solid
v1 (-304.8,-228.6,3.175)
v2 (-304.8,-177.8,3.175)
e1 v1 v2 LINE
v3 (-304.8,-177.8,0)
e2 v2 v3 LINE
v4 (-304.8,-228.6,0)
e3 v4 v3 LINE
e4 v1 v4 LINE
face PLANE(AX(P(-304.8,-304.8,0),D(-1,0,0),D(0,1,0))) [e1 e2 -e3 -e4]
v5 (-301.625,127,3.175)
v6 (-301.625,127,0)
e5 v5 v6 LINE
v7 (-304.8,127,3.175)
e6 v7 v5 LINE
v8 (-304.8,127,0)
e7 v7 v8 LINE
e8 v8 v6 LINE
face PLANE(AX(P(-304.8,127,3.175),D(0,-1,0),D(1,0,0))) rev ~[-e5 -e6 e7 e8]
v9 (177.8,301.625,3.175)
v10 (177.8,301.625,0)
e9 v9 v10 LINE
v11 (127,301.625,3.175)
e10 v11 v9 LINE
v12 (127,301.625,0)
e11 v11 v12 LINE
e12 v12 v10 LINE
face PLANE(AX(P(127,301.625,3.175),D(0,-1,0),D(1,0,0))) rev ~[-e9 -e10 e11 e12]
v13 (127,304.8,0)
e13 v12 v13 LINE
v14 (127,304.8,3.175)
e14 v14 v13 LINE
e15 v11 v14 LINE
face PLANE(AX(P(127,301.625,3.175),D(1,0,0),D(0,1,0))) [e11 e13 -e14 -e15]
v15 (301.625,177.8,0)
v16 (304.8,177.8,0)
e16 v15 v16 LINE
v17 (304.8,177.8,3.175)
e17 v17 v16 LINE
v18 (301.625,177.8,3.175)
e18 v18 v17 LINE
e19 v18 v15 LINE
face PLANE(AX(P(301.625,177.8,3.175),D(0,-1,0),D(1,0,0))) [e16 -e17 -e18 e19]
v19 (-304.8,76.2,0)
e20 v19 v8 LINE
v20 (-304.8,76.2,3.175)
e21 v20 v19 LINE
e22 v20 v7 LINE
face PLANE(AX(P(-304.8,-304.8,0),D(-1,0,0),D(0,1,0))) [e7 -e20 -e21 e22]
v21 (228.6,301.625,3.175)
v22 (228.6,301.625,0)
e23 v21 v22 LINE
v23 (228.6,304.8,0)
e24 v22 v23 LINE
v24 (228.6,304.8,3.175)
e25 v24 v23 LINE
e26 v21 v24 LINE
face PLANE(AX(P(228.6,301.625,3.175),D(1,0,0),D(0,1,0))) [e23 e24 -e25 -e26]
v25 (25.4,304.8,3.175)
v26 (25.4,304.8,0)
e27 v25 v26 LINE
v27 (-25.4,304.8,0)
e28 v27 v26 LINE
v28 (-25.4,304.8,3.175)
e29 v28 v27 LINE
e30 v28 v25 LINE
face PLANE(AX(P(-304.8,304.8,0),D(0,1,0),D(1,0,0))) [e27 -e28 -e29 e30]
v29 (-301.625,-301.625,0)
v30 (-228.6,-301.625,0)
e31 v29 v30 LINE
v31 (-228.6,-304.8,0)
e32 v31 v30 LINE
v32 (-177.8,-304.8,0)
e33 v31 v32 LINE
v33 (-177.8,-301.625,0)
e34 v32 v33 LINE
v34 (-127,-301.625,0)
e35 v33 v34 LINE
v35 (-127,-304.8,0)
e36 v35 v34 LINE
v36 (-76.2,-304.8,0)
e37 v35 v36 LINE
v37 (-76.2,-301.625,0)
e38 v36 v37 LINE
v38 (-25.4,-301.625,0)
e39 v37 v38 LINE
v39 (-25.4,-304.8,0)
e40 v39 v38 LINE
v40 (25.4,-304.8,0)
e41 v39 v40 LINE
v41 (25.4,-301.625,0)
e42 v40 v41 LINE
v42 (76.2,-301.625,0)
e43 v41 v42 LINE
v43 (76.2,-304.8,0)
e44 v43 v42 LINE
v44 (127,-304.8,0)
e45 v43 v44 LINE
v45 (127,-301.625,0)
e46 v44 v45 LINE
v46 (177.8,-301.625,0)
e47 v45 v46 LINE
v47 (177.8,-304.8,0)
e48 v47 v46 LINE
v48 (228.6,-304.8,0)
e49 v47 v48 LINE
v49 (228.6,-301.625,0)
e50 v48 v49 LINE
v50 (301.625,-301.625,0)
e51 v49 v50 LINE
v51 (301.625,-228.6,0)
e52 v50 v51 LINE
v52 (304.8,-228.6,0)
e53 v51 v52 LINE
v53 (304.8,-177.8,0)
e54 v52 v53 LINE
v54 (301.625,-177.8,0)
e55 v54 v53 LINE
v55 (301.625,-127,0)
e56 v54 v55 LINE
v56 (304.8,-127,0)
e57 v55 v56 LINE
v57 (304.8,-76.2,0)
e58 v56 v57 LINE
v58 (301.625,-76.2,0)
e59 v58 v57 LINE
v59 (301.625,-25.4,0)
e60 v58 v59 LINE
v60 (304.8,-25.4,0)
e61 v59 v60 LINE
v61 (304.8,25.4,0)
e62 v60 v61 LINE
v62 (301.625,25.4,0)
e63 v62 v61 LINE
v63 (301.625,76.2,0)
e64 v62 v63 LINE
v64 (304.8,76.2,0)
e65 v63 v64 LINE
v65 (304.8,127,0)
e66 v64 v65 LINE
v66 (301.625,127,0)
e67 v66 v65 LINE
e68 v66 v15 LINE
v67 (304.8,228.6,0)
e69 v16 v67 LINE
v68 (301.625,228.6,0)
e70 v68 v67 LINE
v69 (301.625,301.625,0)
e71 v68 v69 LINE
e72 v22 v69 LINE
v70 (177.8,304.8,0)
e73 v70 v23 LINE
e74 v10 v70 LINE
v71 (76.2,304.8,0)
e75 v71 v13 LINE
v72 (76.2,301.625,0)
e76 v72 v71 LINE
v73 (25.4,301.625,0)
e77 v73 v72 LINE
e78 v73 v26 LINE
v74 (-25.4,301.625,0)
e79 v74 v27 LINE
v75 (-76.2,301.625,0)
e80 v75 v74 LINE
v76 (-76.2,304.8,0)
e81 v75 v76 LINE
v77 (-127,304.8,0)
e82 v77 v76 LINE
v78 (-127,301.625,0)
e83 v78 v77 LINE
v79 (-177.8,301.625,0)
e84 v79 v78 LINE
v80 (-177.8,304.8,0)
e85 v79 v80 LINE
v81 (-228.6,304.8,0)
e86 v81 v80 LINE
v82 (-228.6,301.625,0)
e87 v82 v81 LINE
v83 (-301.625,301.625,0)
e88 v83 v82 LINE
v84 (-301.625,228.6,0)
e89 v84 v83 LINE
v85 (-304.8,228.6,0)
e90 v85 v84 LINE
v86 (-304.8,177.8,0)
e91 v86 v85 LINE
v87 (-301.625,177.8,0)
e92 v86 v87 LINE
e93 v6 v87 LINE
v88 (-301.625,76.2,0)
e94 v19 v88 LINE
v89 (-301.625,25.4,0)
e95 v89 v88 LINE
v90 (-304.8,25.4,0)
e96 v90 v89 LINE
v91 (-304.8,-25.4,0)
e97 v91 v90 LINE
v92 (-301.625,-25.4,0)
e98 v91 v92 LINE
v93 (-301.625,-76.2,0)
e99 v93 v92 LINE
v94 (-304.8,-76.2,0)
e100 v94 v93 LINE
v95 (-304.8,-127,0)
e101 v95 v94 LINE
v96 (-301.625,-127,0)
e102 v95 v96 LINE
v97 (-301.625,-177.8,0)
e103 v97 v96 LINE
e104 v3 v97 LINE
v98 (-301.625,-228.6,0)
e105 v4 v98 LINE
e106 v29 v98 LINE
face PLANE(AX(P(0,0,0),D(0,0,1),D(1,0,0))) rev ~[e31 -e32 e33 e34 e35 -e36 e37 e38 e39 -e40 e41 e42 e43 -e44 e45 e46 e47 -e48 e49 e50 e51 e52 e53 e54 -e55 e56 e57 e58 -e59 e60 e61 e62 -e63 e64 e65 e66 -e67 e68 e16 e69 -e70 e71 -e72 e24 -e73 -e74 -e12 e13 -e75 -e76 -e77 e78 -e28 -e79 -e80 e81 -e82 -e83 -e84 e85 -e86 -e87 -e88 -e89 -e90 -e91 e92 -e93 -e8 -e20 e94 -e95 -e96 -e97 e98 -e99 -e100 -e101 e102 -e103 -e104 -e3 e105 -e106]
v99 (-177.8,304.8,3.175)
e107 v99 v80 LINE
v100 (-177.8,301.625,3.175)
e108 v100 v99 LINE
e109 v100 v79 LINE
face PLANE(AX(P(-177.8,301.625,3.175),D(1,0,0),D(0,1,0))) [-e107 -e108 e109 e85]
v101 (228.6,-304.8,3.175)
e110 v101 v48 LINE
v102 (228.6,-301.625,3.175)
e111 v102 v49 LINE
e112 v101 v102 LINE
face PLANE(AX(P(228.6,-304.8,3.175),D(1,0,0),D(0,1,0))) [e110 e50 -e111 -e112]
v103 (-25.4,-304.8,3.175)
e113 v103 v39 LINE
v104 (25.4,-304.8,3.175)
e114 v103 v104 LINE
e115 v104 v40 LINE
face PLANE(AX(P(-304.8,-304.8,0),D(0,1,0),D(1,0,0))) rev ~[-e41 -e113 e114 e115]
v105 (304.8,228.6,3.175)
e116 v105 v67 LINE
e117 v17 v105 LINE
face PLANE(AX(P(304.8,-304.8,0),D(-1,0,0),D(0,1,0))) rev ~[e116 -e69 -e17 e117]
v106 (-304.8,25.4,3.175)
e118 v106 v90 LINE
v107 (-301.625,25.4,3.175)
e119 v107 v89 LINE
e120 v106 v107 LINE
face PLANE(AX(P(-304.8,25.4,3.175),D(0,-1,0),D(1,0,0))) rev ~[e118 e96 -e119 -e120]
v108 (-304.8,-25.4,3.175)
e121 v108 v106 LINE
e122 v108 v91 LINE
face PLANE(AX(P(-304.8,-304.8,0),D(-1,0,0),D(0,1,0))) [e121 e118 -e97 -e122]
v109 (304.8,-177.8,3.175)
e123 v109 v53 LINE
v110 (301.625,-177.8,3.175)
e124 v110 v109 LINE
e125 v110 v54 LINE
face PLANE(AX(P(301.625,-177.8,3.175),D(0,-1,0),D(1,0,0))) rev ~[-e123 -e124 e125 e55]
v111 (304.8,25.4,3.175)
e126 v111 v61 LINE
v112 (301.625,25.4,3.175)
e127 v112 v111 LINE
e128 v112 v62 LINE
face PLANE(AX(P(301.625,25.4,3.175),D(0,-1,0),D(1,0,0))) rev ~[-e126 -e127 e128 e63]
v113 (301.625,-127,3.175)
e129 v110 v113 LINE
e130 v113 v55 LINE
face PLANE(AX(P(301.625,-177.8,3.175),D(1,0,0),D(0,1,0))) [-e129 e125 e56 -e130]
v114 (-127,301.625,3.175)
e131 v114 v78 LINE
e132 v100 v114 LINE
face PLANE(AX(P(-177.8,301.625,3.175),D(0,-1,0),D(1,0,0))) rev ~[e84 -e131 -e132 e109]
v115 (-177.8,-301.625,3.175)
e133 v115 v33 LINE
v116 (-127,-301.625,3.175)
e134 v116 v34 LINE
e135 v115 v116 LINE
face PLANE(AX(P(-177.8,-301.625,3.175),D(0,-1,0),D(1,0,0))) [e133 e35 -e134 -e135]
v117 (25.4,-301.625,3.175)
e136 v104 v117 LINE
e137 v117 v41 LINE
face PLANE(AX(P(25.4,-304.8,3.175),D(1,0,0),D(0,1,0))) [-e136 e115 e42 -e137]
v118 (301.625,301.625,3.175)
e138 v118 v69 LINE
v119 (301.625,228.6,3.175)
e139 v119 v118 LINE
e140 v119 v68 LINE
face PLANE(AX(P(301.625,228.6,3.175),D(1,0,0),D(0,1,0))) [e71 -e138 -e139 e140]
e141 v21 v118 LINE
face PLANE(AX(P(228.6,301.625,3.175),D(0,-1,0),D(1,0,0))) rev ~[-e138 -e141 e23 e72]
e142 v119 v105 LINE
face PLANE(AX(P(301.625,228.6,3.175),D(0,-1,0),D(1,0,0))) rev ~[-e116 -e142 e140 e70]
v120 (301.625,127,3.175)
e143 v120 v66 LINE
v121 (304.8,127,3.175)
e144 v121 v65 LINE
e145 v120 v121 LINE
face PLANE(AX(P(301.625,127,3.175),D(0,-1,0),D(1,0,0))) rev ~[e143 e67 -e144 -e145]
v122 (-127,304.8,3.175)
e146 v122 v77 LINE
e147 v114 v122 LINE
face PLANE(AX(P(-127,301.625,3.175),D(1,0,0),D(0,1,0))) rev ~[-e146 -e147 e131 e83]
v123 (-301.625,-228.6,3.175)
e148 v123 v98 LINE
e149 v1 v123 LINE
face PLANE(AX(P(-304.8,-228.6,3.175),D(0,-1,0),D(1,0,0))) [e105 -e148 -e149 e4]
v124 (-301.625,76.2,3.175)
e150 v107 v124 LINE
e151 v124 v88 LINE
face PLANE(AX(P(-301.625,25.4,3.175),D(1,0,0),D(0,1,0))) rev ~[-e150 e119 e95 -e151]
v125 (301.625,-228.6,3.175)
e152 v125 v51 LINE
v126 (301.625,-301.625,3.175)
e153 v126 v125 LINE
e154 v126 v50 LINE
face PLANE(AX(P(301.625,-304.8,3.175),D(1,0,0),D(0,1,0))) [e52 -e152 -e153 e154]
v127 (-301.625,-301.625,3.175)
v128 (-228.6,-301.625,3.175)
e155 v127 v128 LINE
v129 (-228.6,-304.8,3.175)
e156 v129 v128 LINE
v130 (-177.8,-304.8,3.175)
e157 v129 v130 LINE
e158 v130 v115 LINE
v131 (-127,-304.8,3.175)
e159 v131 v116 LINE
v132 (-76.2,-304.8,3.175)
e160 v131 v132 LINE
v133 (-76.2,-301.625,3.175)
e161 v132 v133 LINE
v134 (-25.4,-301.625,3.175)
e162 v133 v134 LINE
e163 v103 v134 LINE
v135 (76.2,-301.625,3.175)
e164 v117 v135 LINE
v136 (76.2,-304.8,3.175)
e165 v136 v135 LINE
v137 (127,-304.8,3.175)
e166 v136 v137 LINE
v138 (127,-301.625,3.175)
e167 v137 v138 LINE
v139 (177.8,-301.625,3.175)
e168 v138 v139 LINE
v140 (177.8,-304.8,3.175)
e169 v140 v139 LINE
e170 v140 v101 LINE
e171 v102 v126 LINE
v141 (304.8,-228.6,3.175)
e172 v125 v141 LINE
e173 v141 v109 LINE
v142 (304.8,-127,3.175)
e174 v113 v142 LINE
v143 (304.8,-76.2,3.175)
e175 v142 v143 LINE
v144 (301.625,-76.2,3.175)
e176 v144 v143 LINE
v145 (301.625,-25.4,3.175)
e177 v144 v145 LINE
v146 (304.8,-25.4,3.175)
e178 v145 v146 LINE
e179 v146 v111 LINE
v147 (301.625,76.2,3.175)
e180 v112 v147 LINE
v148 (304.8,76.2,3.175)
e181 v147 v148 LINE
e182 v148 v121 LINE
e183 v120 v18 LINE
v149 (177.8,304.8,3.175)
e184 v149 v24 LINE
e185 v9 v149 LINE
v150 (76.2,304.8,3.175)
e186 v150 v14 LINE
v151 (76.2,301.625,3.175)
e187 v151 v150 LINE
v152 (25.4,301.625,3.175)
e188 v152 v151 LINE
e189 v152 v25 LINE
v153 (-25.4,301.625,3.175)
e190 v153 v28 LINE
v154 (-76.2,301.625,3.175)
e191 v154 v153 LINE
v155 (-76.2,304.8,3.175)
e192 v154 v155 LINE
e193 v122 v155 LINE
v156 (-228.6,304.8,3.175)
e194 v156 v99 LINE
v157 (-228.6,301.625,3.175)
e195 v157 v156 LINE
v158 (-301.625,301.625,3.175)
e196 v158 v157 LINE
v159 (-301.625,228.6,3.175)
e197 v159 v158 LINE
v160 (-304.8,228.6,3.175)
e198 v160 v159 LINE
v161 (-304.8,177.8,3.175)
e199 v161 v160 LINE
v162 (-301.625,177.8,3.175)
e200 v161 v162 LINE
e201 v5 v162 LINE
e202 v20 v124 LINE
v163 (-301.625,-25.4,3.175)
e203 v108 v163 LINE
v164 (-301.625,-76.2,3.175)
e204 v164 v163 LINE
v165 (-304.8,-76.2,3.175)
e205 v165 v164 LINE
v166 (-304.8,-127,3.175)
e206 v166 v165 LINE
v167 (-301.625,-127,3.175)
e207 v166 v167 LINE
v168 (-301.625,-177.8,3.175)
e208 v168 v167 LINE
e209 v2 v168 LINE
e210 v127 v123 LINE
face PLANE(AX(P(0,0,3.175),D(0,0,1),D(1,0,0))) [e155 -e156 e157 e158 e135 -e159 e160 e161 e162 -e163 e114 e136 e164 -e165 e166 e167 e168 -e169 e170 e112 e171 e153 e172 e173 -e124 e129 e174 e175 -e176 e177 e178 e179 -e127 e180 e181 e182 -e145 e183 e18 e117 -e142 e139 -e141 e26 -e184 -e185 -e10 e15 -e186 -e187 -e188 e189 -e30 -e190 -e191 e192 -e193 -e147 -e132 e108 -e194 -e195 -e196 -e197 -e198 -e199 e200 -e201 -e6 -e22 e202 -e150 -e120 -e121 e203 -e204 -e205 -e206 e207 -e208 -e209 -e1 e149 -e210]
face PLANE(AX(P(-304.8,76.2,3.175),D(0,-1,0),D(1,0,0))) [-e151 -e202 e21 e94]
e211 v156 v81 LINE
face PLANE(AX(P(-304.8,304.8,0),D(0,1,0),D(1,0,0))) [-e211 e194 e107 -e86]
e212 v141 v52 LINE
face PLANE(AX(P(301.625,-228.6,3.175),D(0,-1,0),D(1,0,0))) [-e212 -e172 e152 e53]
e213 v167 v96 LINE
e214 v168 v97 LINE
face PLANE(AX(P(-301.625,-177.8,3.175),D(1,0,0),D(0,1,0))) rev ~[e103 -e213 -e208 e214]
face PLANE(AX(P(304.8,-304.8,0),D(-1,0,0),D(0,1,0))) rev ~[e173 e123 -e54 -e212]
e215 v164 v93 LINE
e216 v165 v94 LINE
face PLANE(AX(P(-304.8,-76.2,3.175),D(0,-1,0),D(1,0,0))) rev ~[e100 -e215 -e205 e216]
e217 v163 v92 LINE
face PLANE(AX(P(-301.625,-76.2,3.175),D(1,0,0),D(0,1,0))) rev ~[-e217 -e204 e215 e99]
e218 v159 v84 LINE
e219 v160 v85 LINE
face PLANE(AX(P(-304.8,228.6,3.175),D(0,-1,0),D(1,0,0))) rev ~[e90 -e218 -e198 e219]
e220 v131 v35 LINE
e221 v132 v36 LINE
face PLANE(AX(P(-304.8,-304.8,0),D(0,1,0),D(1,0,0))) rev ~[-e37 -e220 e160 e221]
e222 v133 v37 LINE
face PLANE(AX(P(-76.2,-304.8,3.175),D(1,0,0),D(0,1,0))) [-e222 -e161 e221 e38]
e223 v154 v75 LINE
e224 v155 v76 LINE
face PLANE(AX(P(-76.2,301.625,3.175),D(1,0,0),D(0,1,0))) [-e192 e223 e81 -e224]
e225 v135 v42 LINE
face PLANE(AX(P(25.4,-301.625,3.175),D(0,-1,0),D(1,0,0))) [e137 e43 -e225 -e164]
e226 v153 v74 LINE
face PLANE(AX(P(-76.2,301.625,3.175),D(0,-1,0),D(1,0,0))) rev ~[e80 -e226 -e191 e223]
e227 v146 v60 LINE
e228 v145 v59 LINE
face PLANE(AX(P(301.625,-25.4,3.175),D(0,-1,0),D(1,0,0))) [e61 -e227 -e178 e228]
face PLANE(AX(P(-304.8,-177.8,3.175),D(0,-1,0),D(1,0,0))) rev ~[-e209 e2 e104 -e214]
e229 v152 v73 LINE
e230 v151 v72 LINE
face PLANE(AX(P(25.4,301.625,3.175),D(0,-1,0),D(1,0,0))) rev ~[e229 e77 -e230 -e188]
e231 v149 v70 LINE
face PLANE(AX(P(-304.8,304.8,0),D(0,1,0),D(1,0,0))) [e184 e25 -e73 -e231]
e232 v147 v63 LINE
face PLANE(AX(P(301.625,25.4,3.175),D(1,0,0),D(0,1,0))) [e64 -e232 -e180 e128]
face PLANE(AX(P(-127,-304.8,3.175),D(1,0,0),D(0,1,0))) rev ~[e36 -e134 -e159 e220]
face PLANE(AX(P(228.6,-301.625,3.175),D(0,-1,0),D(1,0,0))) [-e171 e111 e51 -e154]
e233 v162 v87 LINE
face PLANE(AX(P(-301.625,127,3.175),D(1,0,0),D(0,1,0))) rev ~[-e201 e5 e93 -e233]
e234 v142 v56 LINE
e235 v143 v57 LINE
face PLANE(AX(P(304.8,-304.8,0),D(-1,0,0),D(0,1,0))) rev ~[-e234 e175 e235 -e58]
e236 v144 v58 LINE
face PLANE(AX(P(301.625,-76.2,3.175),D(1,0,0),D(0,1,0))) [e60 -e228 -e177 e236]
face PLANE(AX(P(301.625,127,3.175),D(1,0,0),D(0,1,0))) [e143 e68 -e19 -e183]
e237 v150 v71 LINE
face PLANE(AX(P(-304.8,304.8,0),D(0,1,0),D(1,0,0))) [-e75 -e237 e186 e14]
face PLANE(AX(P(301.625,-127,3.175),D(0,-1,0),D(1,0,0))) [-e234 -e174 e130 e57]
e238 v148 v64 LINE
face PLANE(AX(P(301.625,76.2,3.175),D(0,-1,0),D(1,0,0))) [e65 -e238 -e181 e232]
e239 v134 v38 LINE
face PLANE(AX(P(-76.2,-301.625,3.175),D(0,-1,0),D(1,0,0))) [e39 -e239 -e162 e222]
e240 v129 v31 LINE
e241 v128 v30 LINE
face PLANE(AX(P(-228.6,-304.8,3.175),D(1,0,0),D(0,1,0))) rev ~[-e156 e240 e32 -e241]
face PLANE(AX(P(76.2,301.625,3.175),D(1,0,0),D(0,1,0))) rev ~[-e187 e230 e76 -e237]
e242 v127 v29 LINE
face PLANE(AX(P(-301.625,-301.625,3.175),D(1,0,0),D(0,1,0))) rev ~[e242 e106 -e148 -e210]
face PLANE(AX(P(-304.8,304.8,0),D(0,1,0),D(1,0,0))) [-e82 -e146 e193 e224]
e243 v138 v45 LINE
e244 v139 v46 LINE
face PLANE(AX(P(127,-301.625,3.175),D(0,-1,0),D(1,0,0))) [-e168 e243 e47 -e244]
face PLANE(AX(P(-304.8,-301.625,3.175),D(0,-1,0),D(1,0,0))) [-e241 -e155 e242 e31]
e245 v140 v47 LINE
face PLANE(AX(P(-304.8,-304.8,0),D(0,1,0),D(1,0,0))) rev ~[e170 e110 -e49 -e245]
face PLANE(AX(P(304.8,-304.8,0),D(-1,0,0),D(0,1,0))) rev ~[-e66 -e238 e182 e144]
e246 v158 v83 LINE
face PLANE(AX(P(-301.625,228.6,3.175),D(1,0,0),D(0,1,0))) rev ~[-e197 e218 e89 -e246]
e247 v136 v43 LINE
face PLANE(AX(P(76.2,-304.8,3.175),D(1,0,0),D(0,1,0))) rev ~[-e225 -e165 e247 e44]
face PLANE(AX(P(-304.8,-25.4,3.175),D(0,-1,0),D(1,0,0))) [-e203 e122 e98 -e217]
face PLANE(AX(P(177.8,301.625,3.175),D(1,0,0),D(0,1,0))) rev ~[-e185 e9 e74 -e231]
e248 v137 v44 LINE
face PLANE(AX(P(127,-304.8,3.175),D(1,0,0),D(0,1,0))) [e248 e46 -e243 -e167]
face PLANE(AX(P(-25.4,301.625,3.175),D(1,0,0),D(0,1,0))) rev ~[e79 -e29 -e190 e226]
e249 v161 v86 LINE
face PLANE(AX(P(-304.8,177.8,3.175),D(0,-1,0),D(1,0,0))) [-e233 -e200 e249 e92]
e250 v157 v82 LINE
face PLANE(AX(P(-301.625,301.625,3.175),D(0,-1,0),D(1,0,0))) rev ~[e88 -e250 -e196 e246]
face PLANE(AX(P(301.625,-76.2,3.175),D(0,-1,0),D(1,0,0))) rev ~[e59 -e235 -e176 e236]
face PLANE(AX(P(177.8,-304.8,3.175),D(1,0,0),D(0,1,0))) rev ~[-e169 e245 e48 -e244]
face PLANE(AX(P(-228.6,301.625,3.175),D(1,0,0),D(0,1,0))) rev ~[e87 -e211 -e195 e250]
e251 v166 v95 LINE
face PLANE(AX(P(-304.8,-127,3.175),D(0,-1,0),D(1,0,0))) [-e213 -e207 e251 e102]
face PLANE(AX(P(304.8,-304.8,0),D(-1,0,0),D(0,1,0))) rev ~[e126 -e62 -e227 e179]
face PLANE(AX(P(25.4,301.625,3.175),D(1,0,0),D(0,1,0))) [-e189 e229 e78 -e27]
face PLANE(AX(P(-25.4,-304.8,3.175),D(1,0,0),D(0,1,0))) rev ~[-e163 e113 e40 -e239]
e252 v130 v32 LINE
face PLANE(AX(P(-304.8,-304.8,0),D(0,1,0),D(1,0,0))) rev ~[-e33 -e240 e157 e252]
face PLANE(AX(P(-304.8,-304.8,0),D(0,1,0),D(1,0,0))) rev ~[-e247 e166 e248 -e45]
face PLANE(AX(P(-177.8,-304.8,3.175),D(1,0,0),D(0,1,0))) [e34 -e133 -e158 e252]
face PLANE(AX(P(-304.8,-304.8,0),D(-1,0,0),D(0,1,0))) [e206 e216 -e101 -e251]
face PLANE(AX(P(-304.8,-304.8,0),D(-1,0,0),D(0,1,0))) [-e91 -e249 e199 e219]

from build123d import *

# Parameters (mm, degrees)
F0_W     = 609.6
F0_H     = 609.6
F1_DEPTH = 3.175
F2_W     = 76.2
F2_H     = 3.175
F2_W_2   = 3.175
F2_H_2   = 76.2
F3_DEPTH = 25.4
F4_W     = 3.175
F4_H     = 73.025
F4_W_2   = 73.025
F4_H_2   = 3.175
F5_DEPTH = 25.4
F6_W     = 50.8
F6_H     = 3.175
F6_W_2   = 3.175
F6_H_2   = 50.8
F7_DEPTH = 25.4


with BuildPart() as f1:
    # F0 (on Top) → F1 (new body)
    with BuildSketch(Plane.XY):
        Rectangle(F0_W, F0_H)
    extrude(amount=F1_DEPTH)

    # F2 (on face) → F3 (cut)
    with BuildSketch(Plane.XY.offset(3.175)):
        with Locations((-266.7, -303.2125)):
            Rectangle(F2_W, F2_H)
        with Locations((303.2125, -266.7)):
            Rectangle(F2_W_2, F2_H_2)
        with Locations((266.7, 303.2125)):
            Rectangle(F2_W, F2_H)
        with Locations((-303.2125, 266.7)):
            Rectangle(F2_W_2, F2_H_2)
    extrude(amount=-F3_DEPTH, mode=Mode.SUBTRACT)

    # F4 (on face) → F5 (cut)
    with BuildSketch(Plane.XY.offset(3.175)):
        with Locations((-303.2125, -265.1125)):
            Rectangle(F4_W, F4_H)
        with Locations((265.1125, -303.2125)):
            Rectangle(F4_W_2, F4_H_2)
        with Locations((303.2125, 265.1125)):
            Rectangle(F4_W, F4_H)
        with Locations((-265.1125, 303.2125)):
            Rectangle(F4_W_2, F4_H_2)
    extrude(amount=-F5_DEPTH, mode=Mode.SUBTRACT)

    # F6 (on face) → F7 (cut)
    with BuildSketch(Plane.XY.offset(3.175)):
        with Locations((-152.4, -303.2125)):
            Rectangle(F6_W, F6_H)
        with Locations((-50.8, -303.2125)):
            Rectangle(F6_W, F6_H)
        with Locations((50.8, -303.2125)):
            Rectangle(F6_W, F6_H)
        with Locations((152.4, -303.2125)):
            Rectangle(F6_W, F6_H)
        with Locations((303.2125, -50.8)):
            Rectangle(F6_W_2, F6_H_2)
        with Locations((303.2125, 50.8)):
            Rectangle(F6_W_2, F6_H_2)
        with Locations((303.2125, 152.4)):
            Rectangle(F6_W_2, F6_H_2)
        with Locations((303.2125, -152.4)):
            Rectangle(F6_W_2, F6_H_2)
        with Locations((50.8, 303.2125)):
            Rectangle(F6_W, F6_H)
        with Locations((-50.8, 303.2125)):
            Rectangle(F6_W, F6_H)
        with Locations((-152.4, 303.2125)):
            Rectangle(F6_W, F6_H)
        with Locations((152.4, 303.2125)):
            Rectangle(F6_W, F6_H)
        with Locations((-303.2125, 50.8)):
            Rectangle(F6_W_2, F6_H_2)
        with Locations((-303.2125, -50.8)):
            Rectangle(F6_W_2, F6_H_2)
        with Locations((-303.2125, -152.4)):
            Rectangle(F6_W_2, F6_H_2)
        with Locations((-303.2125, 152.4)):
            Rectangle(F6_W_2, F6_H_2)
    extrude(amount=-F7_DEPTH, mode=Mode.SUBTRACT)


solid = f1.part
